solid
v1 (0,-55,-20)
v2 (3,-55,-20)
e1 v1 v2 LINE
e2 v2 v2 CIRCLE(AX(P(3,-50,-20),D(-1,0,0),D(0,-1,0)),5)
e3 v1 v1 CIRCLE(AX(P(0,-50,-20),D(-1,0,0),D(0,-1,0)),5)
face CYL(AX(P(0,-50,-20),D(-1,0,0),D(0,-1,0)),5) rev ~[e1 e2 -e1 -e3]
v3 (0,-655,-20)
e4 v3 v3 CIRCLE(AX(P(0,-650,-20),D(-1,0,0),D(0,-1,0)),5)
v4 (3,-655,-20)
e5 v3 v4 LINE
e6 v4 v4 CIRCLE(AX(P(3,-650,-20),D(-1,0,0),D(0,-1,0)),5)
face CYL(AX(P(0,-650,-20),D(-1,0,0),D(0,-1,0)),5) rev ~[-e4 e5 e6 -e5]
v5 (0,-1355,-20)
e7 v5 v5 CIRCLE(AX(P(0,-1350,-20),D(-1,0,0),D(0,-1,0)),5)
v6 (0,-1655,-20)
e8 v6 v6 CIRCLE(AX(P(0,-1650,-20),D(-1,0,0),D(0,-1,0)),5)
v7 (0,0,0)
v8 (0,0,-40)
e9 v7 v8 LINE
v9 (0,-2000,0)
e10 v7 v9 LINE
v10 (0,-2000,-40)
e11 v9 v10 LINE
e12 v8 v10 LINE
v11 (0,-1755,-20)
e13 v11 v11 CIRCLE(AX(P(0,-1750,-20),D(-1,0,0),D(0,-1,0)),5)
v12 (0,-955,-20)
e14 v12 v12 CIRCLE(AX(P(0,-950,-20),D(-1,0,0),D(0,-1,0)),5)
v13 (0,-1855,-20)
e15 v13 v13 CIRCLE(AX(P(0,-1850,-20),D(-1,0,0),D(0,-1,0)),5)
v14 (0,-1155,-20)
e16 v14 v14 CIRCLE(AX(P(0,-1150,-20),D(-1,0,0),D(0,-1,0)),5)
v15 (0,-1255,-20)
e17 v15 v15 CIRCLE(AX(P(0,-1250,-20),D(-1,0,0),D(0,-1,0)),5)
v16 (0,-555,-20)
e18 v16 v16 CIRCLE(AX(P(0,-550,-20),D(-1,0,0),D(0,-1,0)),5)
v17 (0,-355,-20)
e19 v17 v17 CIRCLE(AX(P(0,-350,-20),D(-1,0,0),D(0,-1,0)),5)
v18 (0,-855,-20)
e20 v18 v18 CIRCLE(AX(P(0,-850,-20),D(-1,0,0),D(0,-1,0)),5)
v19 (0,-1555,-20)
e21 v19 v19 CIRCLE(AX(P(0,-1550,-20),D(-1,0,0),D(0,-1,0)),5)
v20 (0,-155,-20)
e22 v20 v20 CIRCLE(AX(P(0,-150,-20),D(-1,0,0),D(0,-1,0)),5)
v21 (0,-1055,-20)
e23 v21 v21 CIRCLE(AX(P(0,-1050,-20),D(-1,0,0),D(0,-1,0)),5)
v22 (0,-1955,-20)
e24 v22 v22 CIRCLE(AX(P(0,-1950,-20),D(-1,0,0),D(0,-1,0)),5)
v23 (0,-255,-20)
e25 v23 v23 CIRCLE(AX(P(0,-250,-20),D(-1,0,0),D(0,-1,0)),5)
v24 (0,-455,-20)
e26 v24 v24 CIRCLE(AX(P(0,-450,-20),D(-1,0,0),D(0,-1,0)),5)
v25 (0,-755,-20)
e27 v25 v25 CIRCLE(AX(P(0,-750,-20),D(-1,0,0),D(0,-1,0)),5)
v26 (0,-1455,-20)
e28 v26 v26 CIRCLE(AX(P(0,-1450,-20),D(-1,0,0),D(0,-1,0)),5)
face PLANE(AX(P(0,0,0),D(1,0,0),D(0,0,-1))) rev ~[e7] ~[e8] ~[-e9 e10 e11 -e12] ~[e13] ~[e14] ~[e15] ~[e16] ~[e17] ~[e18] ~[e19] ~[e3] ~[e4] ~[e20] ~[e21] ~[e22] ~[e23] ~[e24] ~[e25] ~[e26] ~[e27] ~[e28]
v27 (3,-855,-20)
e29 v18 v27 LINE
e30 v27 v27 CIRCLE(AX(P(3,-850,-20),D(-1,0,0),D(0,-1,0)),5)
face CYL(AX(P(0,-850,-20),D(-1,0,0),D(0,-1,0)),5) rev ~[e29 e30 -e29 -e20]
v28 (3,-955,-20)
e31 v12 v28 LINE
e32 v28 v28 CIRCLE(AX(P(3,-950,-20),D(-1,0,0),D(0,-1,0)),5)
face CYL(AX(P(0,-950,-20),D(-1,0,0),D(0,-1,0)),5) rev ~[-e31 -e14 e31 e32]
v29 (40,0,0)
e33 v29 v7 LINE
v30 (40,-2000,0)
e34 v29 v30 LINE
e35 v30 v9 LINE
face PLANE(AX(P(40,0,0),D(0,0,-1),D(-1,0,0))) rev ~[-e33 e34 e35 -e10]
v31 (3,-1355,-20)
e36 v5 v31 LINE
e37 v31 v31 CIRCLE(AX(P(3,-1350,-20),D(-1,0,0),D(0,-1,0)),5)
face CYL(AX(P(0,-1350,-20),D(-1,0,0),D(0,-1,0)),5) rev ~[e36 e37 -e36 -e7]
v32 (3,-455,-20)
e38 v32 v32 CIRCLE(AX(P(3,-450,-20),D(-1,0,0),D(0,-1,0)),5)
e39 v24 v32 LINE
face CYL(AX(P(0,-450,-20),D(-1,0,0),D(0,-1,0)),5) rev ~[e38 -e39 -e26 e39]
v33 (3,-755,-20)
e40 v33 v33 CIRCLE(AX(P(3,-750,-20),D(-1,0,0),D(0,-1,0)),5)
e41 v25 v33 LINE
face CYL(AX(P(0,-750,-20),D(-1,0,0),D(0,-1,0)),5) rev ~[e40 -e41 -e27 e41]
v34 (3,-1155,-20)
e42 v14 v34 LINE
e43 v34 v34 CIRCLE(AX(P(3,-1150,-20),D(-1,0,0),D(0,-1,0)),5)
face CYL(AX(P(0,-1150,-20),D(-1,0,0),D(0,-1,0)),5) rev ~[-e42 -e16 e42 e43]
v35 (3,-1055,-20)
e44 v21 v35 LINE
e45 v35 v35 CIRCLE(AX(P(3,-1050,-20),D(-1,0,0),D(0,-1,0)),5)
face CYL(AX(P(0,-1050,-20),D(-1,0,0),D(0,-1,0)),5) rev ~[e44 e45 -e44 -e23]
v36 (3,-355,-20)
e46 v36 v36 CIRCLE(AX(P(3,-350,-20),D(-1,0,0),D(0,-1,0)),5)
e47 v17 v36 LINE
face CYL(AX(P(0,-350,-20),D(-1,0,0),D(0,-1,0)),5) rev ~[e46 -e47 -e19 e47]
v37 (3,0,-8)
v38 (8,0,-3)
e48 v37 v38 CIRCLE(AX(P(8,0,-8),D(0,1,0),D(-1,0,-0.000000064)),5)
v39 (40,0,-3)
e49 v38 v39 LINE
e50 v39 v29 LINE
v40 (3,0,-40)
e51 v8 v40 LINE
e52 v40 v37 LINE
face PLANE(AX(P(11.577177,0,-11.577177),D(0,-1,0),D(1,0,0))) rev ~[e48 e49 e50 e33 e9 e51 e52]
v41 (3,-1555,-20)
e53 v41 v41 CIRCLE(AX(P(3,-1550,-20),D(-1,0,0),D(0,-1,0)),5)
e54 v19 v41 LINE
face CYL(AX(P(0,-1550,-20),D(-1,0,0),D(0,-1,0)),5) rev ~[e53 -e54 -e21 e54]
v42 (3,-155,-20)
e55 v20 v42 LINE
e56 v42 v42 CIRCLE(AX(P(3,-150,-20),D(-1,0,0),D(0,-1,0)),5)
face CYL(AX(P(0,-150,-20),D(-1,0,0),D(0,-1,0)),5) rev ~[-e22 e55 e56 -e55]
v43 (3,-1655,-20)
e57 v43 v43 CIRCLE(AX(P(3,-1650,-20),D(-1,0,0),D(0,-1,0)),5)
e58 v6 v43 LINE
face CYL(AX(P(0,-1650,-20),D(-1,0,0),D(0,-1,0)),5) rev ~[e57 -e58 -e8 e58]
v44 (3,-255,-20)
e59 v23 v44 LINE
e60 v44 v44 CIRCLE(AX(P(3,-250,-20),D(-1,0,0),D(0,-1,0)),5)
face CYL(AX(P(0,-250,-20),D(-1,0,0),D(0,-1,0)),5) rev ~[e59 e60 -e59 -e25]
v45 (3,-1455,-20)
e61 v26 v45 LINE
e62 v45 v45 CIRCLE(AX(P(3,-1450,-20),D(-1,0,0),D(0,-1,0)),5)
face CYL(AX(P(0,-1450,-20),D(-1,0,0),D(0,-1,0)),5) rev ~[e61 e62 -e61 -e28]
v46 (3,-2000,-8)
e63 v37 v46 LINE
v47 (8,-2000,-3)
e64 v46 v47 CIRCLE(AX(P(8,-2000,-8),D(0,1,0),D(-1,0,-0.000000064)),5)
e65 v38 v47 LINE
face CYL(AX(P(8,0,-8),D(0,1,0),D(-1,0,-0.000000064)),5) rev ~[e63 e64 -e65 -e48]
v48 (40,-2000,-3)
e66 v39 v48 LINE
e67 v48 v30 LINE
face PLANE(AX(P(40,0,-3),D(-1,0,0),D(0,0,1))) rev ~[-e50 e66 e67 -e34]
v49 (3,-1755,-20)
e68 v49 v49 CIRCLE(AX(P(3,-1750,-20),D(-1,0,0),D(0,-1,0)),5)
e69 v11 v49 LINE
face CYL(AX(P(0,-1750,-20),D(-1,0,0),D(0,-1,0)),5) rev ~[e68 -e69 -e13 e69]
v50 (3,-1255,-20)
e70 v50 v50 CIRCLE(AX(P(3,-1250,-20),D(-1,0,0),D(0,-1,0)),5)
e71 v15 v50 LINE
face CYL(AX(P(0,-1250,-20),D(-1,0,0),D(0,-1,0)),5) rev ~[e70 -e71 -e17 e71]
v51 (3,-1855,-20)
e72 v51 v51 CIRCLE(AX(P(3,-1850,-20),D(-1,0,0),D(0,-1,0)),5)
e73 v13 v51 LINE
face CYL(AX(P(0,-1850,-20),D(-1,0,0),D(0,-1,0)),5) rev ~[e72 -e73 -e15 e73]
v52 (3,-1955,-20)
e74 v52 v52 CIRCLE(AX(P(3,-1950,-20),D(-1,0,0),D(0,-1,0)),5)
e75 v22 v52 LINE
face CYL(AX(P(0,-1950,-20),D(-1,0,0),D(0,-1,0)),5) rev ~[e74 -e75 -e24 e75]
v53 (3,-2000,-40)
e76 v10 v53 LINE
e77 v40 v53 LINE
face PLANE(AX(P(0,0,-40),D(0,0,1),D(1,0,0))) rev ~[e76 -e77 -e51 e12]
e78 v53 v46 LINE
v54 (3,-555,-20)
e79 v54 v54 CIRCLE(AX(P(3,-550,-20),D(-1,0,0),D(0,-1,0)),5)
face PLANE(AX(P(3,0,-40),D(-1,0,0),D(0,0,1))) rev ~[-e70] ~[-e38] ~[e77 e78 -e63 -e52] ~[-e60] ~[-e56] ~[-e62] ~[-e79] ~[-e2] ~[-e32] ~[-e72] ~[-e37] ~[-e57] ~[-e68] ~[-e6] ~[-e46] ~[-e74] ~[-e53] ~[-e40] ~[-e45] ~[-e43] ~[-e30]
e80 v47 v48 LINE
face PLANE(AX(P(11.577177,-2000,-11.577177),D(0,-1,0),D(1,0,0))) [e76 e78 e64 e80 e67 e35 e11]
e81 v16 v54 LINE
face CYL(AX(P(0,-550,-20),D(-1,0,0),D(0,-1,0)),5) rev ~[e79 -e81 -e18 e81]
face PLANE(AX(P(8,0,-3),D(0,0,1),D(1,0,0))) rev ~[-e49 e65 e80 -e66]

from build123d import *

# Parameters (mm, degrees)
F1_DEPTH = 2000
F2_R     = 5
F3_DEPTH = 3


with BuildPart() as f1:
    # F0 (on Front) → F1 (new body)
    with BuildSketch(Plane.XZ):
        with BuildLine():
            Line((40, 0), (0, 0))
            Line((0, 0), (0, -40))
            Line((0, -40), (3, -40))
            Line((3, -40), (3, -8))
            ThreePointArc((3, -8), (4.464466, -4.464466), (8, -3))
            Line((8, -3), (40, -3))
            Line((40, -3), (40, 0))
        make_face()
    extrude(amount=F1_DEPTH)

    # F2 (on face) → F3 (cut, through all)
    with BuildSketch(Plane(origin=(0, 0, 0), x_dir=(0, -1, 0), z_dir=(-1, 0, 0))):
        with Locations((50, -20)):
            Circle(F2_R)
        with Locations((150, -20)):
            Circle(F2_R)
        with Locations((250, -20)):
            Circle(F2_R)
        with Locations((350, -20)):
            Circle(F2_R)
        with Locations((450, -20)):
            Circle(F2_R)
        with Locations((550, -20)):
            Circle(F2_R)
        with Locations((650, -20)):
            Circle(F2_R)
        with Locations((750, -20)):
            Circle(F2_R)
        with Locations((850, -20)):
            Circle(F2_R)
        with Locations((950, -20)):
            Circle(F2_R)
        with Locations((1050, -20)):
            Circle(F2_R)
        with Locations((1150, -20)):
            Circle(F2_R)
        with Locations((1250, -20)):
            Circle(F2_R)
        with Locations((1350, -20)):
            Circle(F2_R)
        with Locations((1450, -20)):
            Circle(F2_R)
        with Locations((1550, -20)):
            Circle(F2_R)
        with Locations((1650, -20)):
            Circle(F2_R)
        with Locations((1750, -20)):
            Circle(F2_R)
        with Locations((1850, -20)):
            Circle(F2_R)
        with Locations((1950, -20)):
            Circle(F2_R)
        with Locations((2050, -20)):
            Circle(F2_R)
        with Locations((2150, -20)):
            Circle(F2_R)
        with Locations((2250, -20)):
            Circle(F2_R)
        with Locations((2350, -20)):
            Circle(F2_R)
        with Locations((2450, -20)):
            Circle(F2_R)
    extrude(amount=-F3_DEPTH, mode=Mode.SUBTRACT)


solid = f1.part
